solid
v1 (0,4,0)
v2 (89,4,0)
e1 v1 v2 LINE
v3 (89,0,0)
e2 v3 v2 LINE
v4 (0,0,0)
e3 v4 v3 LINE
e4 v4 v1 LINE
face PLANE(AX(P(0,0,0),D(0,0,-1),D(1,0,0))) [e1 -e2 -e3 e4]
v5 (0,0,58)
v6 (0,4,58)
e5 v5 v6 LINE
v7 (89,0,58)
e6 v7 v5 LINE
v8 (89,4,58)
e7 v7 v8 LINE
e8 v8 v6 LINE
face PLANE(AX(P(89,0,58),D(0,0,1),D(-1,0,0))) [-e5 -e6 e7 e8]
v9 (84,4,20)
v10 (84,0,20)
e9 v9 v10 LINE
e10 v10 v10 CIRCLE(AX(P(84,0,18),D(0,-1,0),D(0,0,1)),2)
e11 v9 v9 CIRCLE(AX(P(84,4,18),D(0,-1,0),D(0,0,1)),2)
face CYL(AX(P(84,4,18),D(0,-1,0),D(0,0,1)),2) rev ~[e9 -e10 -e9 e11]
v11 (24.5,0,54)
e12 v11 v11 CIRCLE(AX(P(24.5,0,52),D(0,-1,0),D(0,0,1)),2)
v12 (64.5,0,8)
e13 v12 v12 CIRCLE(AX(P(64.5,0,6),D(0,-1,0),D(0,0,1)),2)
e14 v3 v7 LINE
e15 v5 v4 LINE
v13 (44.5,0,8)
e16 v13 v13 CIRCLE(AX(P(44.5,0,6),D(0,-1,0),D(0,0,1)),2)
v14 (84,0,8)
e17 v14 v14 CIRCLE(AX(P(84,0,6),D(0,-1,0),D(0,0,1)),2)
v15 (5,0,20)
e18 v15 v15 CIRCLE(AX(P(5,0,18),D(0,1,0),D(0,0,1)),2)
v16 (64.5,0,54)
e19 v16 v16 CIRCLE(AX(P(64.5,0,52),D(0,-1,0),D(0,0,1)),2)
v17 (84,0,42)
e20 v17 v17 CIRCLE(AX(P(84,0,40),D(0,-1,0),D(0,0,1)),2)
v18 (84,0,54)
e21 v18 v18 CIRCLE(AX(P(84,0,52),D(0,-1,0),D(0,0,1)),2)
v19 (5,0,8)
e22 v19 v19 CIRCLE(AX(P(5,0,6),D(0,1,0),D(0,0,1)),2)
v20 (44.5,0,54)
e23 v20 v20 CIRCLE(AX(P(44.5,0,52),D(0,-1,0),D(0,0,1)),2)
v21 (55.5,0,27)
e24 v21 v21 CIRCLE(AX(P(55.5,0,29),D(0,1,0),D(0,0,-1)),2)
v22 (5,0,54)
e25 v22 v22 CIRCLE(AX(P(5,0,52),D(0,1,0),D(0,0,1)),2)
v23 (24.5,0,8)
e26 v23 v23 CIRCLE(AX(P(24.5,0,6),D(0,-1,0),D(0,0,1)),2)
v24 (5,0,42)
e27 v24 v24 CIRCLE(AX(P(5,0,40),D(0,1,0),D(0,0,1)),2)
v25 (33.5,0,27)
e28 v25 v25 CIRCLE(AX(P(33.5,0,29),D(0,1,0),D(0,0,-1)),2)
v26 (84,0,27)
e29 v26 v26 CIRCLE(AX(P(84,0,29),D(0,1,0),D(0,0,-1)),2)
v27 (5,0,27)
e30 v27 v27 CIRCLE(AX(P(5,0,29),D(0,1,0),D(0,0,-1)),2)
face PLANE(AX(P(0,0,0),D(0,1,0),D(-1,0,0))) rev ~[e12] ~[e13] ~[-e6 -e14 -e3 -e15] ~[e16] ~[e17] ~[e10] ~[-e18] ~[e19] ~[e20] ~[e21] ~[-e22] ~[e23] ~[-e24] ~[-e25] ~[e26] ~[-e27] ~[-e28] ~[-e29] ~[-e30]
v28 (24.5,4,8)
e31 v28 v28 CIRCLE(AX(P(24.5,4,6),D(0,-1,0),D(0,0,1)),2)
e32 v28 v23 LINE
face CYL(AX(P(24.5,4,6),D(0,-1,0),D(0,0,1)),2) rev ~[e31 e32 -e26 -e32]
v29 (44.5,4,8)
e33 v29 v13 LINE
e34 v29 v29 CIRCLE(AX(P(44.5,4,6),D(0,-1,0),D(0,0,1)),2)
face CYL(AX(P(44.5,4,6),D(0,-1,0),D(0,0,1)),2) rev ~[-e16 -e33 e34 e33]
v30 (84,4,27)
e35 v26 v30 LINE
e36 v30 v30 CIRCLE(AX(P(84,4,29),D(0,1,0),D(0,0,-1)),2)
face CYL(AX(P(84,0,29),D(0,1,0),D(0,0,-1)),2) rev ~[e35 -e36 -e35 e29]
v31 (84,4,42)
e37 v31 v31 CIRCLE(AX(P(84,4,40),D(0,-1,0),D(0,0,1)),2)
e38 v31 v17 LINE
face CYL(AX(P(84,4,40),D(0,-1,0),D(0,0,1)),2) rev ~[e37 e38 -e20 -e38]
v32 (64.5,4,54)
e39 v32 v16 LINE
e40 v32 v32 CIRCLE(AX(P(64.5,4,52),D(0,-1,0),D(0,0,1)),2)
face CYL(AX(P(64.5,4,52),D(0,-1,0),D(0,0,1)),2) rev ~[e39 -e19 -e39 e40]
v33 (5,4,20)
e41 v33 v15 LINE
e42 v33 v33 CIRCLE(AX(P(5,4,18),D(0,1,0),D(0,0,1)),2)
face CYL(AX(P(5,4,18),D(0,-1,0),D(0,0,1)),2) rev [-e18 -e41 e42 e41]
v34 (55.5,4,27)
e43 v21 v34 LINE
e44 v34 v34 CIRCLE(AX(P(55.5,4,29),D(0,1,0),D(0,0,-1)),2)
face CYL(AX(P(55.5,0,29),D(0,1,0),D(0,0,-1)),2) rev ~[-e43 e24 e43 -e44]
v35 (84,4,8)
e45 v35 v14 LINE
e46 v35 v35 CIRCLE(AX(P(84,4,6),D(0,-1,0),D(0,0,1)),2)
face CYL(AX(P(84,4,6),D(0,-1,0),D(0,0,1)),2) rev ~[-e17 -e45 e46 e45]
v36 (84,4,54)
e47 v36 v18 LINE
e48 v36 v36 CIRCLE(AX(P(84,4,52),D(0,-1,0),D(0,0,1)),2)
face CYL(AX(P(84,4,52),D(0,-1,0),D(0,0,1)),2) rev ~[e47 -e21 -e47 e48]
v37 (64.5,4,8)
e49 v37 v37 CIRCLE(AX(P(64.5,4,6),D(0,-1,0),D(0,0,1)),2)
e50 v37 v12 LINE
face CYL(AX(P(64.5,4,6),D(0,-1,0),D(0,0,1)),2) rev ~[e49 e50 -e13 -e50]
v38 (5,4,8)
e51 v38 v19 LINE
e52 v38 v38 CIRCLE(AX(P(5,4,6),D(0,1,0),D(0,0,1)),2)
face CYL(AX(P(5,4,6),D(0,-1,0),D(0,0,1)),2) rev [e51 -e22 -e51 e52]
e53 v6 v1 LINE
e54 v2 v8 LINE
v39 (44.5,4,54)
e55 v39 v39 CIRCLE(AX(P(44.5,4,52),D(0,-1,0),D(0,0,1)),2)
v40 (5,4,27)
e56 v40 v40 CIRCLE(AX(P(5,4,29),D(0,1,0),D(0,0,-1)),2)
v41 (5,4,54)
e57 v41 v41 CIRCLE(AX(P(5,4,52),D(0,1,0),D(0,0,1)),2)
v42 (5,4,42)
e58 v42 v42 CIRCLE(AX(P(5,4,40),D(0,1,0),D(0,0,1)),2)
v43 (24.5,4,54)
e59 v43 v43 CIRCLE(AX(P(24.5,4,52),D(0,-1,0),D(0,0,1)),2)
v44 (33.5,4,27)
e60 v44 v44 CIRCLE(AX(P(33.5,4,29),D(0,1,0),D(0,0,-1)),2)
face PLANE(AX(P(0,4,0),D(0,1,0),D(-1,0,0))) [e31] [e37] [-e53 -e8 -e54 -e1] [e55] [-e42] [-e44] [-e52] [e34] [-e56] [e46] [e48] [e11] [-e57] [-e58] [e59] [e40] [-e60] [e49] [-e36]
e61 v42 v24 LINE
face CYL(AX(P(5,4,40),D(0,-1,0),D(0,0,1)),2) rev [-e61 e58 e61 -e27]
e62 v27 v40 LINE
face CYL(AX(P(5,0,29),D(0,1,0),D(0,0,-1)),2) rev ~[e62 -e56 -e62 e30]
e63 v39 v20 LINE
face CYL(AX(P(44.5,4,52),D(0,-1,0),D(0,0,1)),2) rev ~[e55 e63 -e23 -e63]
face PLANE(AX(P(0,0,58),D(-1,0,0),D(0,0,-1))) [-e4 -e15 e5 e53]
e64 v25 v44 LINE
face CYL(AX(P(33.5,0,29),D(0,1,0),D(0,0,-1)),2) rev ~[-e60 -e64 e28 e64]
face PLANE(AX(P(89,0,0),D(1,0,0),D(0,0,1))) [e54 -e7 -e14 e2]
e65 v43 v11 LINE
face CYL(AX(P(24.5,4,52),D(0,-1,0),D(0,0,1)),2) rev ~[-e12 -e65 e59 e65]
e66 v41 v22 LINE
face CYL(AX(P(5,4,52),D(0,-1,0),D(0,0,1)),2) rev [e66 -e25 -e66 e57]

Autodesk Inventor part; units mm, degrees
ref_plane "XZ Plane" through (0, 0, 0) normal (0, 1, 0) x (-1, 0, 0)
ref_plane "XY Plane" through (0, 0, 0) normal (0, 0, 1) x (1, 0, 0)
sketch "Skizze1" plane through (0, 0, 0) normal (0, 1, 0) x (-1, 0, 0)
  line L0 (0, 0) -> (-89, 0)
  line L1 (-89, 0) -> (-89, 58)
  line L2 (-89, 58) -> (0, 58)
  line L3 (0, 58) -> (0, 0)
  dimension "d0" = 58
  dimension "d1" = 89
extrude "Extrusion1" add sketch "Skizze1" along normal blind 4
sketch "Skizze2" plane through (0, 4, 0) normal (0, 1, 0) x (1, 0, 0)
  line L0 (89, 0) -> (0, 0) projected
  line L1 (89, -58) -> (89, 0) projected
  line L2 (0, 0) -> (0, -58) projected
  line L3 (0, -58) -> (89, -58) projected
  point P0 (84, -6)
  point P1 (84, -52)
  point P2 (84, -40)
  point P3 (84, -18)
  point P4 (89, -29)
  point P5 (89, -29)
  dimension "d5" = 5
  dimension "d12" = 6
  dimension "d13" = 6
  dimension "d17" = 11
  dimension "d18" = 11
hole "Bohrung1" at (84, 4, 6) at (84, 4, 52) at (84, 4, 40) at (84, 4, 18) direction (0, -1, 0) diameter 4 depth 4
ref_plane "Arbeitsebene1" through (44.5, 0, 0) normal (1, 0, 0) x (0, 1, 0)
mirror "Spiegeln1" about plane through (44.5, 0, 0) normal (1, 0, 0) of "Bohrung1"
sketch "Skizze3" plane through (0, 4, 0) normal (0, 1, 0) x (1, 0, 0)
  line L0 (0, -58) -> (89, -58) projected
  circle A0 centre (84, -6) radius 2 projected
  line L1 (89, 0) -> (0, 0) projected
  point P0 (64.5, -6)
  point P1 (24.5, -6)
  point P2 (44.5, -6)
  point P3 (44.5, -58)
  point P4 (64.5, -52)
  point P5 (44.5, -52)
  point P6 (24.5, -52)
  dimension "d27" = 20
  dimension "d28" = 20
  dimension "d44" = 6
  dimension "d45" = 6
hole "Bohrung2" at (64.5, 4, 6) at (24.5, 4, 6) at (44.5, 4, 6) at (64.5, 4, 52) at (44.5, 4, 52) at (24.5, 4, 52) direction (0, -1, 0) diameter 4 depth 4
sketch "Skizze4" plane through (0, 0, 0) normal (0, -1, 0) x (1, 0, 0)
  line L0 (0, 0) -> (0, 58) projected
  circle A0 centre (5, 52) radius 2 projected
  circle A1 centre (84, 52) radius 2 projected
  point P0 (5, 29)
  point P1 (84, 29)
  point P2 (0, 29)
hole "Bohrung3" at (5, 0, 29) at (84, 0, 29) direction (0, 1, 0) diameter 4 end through all
sketch "Sketch9" plane through (0, 0, 0) normal (0, -1, 0) x (1, 0, 0)
  line L0 (0, 0) -> (0, 58) projected
  line L1 (0, 58) -> (89, 58) projected
  point P0 (33.5, 29)
  point P1 (55.5, 29)
  point P2 (0, 29)
  point P3 (44.5, 58)
  dimension "d67" = 22
  dimension "d68" = 11
hole "Hole4" at (55.5, 0, 29) at (33.5, 0, 29) direction (0, 1, 0) diameter 4 depth 4
properties part number "1152" material "Kupfer"
